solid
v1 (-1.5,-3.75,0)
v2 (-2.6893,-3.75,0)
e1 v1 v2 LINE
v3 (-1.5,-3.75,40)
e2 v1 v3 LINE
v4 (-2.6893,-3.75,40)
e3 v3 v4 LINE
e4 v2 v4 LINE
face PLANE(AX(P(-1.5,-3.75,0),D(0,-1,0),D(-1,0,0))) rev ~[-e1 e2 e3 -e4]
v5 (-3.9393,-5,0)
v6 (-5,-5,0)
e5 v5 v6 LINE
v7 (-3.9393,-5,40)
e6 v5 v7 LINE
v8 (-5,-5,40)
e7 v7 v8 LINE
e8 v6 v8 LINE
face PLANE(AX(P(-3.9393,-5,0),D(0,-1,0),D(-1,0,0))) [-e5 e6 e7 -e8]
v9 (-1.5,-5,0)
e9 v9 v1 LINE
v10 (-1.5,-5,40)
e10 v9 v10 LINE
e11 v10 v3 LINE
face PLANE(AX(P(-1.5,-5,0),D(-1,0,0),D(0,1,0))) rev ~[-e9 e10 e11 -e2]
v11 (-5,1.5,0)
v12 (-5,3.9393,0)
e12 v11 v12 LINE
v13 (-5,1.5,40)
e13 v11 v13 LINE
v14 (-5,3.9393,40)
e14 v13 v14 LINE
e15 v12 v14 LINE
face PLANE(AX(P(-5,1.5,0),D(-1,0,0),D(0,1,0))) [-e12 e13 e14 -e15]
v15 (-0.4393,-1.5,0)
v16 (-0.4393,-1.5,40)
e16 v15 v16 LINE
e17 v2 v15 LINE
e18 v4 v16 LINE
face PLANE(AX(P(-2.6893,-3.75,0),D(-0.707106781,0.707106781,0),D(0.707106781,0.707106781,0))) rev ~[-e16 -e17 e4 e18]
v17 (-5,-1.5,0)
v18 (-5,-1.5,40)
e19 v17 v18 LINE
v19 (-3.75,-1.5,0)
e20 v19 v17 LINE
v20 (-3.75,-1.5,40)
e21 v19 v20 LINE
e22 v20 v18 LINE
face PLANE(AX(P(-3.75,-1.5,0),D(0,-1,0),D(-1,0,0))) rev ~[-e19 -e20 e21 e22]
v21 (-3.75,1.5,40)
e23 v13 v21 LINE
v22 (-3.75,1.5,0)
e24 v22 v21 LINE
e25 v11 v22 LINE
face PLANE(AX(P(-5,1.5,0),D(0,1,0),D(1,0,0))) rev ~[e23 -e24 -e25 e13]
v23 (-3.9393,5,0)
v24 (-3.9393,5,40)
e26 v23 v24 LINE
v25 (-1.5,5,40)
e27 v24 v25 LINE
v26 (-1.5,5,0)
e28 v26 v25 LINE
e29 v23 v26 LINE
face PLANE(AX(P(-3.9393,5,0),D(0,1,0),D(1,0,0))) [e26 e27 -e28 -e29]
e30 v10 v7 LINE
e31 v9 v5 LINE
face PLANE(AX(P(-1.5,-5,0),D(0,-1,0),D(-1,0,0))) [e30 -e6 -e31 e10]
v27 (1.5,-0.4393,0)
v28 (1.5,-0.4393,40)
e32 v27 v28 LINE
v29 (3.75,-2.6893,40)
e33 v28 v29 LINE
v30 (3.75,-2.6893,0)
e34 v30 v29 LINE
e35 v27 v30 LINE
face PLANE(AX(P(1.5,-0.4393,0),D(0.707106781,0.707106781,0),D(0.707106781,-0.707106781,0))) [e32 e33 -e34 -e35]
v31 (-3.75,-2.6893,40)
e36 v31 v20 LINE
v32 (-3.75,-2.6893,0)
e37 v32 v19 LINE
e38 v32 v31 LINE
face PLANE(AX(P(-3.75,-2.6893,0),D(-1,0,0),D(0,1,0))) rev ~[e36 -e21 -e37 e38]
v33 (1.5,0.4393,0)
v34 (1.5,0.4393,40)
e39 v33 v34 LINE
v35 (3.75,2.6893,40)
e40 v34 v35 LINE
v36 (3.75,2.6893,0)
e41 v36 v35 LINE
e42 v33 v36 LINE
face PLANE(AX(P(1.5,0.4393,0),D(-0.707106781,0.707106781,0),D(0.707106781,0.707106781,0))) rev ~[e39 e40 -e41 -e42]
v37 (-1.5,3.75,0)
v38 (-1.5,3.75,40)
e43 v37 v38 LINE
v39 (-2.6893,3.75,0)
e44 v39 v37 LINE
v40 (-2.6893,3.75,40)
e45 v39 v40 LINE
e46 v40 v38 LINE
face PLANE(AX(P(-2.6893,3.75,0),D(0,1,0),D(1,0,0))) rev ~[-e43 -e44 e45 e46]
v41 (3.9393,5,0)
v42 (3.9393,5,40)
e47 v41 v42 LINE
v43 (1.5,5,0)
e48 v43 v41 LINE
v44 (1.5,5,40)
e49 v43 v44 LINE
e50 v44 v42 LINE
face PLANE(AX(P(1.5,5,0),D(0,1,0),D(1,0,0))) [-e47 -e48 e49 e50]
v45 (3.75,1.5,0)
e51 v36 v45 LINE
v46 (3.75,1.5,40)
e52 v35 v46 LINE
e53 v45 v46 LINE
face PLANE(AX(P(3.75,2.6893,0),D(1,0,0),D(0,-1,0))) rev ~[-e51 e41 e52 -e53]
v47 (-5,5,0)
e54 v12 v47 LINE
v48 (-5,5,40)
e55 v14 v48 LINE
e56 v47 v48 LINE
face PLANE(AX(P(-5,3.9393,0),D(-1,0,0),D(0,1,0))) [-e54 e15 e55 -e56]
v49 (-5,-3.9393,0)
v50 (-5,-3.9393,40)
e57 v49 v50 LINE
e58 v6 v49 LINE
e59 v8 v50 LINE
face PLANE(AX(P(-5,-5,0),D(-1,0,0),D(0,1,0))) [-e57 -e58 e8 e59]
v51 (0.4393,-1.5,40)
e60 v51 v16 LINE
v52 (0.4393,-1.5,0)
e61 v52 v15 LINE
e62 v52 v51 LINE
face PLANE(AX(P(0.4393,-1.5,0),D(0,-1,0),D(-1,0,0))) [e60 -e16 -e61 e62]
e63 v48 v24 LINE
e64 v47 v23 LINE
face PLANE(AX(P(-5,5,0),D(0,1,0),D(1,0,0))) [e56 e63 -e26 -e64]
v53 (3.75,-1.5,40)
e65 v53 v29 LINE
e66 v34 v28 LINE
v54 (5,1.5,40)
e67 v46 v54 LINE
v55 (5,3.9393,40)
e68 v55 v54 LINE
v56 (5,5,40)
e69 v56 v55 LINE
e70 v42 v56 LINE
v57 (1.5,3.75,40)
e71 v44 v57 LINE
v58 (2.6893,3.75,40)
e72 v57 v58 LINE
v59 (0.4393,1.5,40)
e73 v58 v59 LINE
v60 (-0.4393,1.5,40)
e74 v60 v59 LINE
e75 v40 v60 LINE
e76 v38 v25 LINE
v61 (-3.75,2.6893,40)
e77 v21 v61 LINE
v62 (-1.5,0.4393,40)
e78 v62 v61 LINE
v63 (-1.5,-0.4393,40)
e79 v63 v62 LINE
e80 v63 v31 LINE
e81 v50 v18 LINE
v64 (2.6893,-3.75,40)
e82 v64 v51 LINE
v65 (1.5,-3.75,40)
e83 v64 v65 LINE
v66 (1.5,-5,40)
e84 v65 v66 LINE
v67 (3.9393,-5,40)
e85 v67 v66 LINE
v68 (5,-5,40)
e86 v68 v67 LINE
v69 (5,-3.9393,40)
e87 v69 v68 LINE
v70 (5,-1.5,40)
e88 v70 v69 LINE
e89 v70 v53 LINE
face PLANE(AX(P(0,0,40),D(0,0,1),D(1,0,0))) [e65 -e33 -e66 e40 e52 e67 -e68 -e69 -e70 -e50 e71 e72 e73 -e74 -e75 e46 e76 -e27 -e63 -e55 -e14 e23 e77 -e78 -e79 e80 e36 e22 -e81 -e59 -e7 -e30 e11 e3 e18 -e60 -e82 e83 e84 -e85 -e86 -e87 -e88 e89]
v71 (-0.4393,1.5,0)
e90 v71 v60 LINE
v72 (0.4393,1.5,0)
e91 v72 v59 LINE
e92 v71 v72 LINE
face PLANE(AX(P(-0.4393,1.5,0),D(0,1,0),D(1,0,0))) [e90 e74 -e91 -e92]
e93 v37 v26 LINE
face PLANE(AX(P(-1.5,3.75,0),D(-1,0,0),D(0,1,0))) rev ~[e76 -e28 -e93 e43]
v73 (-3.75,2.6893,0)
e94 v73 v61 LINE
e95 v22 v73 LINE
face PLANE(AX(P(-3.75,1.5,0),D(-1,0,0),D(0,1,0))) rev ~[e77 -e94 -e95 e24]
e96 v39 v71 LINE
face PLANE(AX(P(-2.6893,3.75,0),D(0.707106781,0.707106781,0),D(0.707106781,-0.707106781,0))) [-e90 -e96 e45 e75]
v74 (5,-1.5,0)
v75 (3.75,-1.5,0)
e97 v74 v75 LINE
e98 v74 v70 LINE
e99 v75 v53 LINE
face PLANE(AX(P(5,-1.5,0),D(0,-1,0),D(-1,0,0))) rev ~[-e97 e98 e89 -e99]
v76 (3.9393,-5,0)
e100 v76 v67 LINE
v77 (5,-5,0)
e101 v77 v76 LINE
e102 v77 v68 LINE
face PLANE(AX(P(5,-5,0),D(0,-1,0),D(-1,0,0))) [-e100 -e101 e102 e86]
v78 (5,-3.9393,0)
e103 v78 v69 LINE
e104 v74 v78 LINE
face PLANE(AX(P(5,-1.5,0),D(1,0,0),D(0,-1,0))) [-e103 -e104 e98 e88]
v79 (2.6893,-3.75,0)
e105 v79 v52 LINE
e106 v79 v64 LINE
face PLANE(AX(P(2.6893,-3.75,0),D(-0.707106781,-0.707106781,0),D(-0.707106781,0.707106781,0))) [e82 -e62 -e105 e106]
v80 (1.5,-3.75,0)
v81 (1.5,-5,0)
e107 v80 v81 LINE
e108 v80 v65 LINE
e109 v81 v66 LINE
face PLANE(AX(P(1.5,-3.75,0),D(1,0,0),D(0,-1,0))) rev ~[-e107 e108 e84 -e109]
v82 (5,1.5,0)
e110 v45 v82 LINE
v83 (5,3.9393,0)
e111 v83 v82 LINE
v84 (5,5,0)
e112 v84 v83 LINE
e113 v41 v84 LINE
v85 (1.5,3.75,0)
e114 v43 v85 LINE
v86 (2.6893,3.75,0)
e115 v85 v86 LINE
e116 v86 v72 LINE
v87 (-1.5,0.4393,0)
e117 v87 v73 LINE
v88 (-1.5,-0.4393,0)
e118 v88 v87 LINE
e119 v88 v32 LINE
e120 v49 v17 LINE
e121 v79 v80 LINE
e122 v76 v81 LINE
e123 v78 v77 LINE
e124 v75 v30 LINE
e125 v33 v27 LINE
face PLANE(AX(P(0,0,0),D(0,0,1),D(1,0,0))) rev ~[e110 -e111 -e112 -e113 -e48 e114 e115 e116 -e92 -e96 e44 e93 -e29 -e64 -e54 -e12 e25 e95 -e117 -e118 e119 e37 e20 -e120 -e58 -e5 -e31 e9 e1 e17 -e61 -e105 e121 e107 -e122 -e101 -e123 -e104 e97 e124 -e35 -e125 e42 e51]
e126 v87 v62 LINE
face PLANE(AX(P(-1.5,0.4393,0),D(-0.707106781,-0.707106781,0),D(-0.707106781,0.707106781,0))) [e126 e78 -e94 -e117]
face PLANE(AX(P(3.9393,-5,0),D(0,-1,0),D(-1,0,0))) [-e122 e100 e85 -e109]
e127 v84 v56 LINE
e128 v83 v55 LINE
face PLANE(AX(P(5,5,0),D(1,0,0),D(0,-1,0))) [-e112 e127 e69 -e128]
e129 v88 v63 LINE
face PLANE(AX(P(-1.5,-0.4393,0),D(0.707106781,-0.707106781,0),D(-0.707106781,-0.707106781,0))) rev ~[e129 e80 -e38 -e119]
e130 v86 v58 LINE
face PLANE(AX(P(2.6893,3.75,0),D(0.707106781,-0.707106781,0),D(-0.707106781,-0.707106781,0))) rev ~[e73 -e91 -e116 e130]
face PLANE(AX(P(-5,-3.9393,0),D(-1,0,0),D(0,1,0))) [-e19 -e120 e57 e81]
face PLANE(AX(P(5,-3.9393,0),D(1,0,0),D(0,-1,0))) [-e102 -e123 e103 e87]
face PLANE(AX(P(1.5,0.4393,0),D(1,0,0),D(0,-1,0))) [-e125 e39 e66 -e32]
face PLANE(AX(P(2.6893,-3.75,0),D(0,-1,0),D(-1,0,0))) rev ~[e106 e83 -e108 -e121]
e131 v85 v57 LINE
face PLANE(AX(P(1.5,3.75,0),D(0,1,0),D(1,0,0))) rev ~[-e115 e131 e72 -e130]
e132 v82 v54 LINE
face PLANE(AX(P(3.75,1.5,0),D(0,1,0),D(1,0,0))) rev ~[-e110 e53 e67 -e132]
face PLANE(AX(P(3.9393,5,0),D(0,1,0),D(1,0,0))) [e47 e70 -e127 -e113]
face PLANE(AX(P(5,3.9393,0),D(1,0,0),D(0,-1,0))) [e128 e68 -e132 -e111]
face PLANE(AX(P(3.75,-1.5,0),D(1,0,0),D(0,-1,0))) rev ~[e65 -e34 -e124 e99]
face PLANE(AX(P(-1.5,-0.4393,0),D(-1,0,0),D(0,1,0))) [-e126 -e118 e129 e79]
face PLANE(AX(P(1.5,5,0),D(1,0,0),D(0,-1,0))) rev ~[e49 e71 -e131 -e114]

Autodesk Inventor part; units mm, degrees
ref_plane "YZ Plane" through (0, 0, 0) normal (1, 0, 0) x (0, 1, 0)
ref_plane "XZ Plane" through (0, 0, 0) normal (0, 1, 0) x (-1, 0, 0)
ref_plane "XY Plane" through (0, 0, 0) normal (0, 0, 1) x (1, 0, 0)
sketch "Sketch1" plane through (0, 0, 0) normal (0, 0, 1) x (1, 0, 0)
  line L0 (-4.4697, -5.5303) -> (4.4697, 5.5303) construction
  line L1 (5.5303, 4.4697) -> (-5, -4.0411) construction
  line L2 (4.4697, -5.5303) -> (-4.4697, 5.5303) construction
  line L3 (-5.5303, 4.4697) -> (5.5303, -4.4697) construction
  line L4 (-5, -5) -> (-5, -3.9393)
  line L5 (-5, 3.9393) -> (-5, 5)
  line L6 (5, 5) -> (5, 3.9393)
  line L7 (5, -3.9393) -> (5, -5)
  line L8 (-5, 5) -> (-3.9393, 5)
  line L9 (3.9393, 5) -> (5, 5)
  line L10 (5, -5) -> (3.9393, -5)
  line L11 (-3.9393, -5) -> (-5, -5)
  line L12 (-2.6893, 3.75) -> (-0.4393, 1.5)
  line L13 (2.6893, 3.75) -> (0.4393, 1.5)
  line L14 (-1.5, -0.4393) -> (-3.75, -2.6893)
  line L15 (-1.5, 0.4393) -> (-3.75, 2.6893)
  line L16 (2.6893, -3.75) -> (0.4393, -1.5)
  line L17 (-2.6893, -3.75) -> (-0.4393, -1.5)
  line L18 (1.5, 0.4393) -> (3.75, 2.6893)
  line L19 (1.5, -0.4393) -> (3.75, -2.6893)
  line L20 (5, -5) -> (-5, 5) construction
  line L21 (-5, -5) -> (5, 5) construction
  line L22 (3.75, -3.75) -> (-3.75, 3.75) construction
  line L23 (-3.75, -3.75) -> (3.75, 3.75) construction
  line L24 (1.5, -5) -> (-1.5, 5) construction
  line L25 (-1.5, -5) -> (1.5, 5) construction
  line L26 (5, -1.5) -> (-5, 1.5) construction
  line L27 (-5, -1.5) -> (5, 1.5) construction
  line L28 (-5, 1.5) -> (-3.75, 1.5)
  line L29 (-3.75, -1.5) -> (-5, -1.5)
  line L30 (-3.75, -2.6893) -> (-3.75, -1.5)
  line L31 (-3.75, 1.5) -> (-3.75, 2.6893)
  line L32 (-5, -5) -> (-5, -1.5)
  line L33 (-5, 1.5) -> (-5, 5)
  line L34 (-5, 5) -> (-1.5, 5)
  line L35 (1.5, 5) -> (5, 5)
  line L36 (-1.5, 3.75) -> (-1.5, 5)
  line L37 (-2.6893, 3.75) -> (-1.5, 3.75)
  line L38 (1.5, 3.75) -> (2.6893, 3.75)
  line L39 (1.5, 5) -> (1.5, 3.75)
  line L40 (3.75, 1.5) -> (5, 1.5)
  line L41 (3.75, 2.6893) -> (3.75, 1.5)
  line L42 (3.75, -1.5) -> (3.75, -2.6893)
  line L43 (5, 5) -> (5, 1.5)
  line L44 (5, -1.5) -> (5, -5)
  line L45 (5, -1.5) -> (3.75, -1.5)
  line L46 (-0.45, 1.5) -> (0.45, 1.5)
  line L47 (-1.5, -5) -> (-1.5, -3.75)
  line L48 (-1.5, -0.45) -> (-1.5, 0.45)
  line L49 (1.5, 0.45) -> (1.5, -0.45)
  line L50 (2.6893, -3.75) -> (1.5, -3.75)
  line L51 (5, -5) -> (1.5, -5)
  line L52 (-1.5, -5) -> (-5, -5)
  line L53 (1.5, -3.75) -> (1.5, -5)
  line L54 (0.45, -1.5) -> (-0.45, -1.5)
  line L55 (-1.5, -3.75) -> (-2.6893, -3.75)
  point P0 (0, 0)
  point P1 (0, 0)
  dimension "d0" = 10
  dimension "d7" = 1.5
  dimension "d8" = 1.5
  dimension "d9" = 7.5
  dimension "d10" = 7.5
  dimension "d11" = 10
  dimension "d12" = 3
  dimension "d13" = 3
extrude "Extrusion1" add sketch "Sketch1" along normal blind 40
equation "\"d8\" = d7"
equation "\"d10\" = d9"
equation "\"d11\" = d0"
equation "\"d4\" = 0.5 * d0"
equation "\"d5\" = 0.5 * d0"
equation "\"d6\" = 0.5 * d0"
properties part number "maker-beam-40x10x10mm"
